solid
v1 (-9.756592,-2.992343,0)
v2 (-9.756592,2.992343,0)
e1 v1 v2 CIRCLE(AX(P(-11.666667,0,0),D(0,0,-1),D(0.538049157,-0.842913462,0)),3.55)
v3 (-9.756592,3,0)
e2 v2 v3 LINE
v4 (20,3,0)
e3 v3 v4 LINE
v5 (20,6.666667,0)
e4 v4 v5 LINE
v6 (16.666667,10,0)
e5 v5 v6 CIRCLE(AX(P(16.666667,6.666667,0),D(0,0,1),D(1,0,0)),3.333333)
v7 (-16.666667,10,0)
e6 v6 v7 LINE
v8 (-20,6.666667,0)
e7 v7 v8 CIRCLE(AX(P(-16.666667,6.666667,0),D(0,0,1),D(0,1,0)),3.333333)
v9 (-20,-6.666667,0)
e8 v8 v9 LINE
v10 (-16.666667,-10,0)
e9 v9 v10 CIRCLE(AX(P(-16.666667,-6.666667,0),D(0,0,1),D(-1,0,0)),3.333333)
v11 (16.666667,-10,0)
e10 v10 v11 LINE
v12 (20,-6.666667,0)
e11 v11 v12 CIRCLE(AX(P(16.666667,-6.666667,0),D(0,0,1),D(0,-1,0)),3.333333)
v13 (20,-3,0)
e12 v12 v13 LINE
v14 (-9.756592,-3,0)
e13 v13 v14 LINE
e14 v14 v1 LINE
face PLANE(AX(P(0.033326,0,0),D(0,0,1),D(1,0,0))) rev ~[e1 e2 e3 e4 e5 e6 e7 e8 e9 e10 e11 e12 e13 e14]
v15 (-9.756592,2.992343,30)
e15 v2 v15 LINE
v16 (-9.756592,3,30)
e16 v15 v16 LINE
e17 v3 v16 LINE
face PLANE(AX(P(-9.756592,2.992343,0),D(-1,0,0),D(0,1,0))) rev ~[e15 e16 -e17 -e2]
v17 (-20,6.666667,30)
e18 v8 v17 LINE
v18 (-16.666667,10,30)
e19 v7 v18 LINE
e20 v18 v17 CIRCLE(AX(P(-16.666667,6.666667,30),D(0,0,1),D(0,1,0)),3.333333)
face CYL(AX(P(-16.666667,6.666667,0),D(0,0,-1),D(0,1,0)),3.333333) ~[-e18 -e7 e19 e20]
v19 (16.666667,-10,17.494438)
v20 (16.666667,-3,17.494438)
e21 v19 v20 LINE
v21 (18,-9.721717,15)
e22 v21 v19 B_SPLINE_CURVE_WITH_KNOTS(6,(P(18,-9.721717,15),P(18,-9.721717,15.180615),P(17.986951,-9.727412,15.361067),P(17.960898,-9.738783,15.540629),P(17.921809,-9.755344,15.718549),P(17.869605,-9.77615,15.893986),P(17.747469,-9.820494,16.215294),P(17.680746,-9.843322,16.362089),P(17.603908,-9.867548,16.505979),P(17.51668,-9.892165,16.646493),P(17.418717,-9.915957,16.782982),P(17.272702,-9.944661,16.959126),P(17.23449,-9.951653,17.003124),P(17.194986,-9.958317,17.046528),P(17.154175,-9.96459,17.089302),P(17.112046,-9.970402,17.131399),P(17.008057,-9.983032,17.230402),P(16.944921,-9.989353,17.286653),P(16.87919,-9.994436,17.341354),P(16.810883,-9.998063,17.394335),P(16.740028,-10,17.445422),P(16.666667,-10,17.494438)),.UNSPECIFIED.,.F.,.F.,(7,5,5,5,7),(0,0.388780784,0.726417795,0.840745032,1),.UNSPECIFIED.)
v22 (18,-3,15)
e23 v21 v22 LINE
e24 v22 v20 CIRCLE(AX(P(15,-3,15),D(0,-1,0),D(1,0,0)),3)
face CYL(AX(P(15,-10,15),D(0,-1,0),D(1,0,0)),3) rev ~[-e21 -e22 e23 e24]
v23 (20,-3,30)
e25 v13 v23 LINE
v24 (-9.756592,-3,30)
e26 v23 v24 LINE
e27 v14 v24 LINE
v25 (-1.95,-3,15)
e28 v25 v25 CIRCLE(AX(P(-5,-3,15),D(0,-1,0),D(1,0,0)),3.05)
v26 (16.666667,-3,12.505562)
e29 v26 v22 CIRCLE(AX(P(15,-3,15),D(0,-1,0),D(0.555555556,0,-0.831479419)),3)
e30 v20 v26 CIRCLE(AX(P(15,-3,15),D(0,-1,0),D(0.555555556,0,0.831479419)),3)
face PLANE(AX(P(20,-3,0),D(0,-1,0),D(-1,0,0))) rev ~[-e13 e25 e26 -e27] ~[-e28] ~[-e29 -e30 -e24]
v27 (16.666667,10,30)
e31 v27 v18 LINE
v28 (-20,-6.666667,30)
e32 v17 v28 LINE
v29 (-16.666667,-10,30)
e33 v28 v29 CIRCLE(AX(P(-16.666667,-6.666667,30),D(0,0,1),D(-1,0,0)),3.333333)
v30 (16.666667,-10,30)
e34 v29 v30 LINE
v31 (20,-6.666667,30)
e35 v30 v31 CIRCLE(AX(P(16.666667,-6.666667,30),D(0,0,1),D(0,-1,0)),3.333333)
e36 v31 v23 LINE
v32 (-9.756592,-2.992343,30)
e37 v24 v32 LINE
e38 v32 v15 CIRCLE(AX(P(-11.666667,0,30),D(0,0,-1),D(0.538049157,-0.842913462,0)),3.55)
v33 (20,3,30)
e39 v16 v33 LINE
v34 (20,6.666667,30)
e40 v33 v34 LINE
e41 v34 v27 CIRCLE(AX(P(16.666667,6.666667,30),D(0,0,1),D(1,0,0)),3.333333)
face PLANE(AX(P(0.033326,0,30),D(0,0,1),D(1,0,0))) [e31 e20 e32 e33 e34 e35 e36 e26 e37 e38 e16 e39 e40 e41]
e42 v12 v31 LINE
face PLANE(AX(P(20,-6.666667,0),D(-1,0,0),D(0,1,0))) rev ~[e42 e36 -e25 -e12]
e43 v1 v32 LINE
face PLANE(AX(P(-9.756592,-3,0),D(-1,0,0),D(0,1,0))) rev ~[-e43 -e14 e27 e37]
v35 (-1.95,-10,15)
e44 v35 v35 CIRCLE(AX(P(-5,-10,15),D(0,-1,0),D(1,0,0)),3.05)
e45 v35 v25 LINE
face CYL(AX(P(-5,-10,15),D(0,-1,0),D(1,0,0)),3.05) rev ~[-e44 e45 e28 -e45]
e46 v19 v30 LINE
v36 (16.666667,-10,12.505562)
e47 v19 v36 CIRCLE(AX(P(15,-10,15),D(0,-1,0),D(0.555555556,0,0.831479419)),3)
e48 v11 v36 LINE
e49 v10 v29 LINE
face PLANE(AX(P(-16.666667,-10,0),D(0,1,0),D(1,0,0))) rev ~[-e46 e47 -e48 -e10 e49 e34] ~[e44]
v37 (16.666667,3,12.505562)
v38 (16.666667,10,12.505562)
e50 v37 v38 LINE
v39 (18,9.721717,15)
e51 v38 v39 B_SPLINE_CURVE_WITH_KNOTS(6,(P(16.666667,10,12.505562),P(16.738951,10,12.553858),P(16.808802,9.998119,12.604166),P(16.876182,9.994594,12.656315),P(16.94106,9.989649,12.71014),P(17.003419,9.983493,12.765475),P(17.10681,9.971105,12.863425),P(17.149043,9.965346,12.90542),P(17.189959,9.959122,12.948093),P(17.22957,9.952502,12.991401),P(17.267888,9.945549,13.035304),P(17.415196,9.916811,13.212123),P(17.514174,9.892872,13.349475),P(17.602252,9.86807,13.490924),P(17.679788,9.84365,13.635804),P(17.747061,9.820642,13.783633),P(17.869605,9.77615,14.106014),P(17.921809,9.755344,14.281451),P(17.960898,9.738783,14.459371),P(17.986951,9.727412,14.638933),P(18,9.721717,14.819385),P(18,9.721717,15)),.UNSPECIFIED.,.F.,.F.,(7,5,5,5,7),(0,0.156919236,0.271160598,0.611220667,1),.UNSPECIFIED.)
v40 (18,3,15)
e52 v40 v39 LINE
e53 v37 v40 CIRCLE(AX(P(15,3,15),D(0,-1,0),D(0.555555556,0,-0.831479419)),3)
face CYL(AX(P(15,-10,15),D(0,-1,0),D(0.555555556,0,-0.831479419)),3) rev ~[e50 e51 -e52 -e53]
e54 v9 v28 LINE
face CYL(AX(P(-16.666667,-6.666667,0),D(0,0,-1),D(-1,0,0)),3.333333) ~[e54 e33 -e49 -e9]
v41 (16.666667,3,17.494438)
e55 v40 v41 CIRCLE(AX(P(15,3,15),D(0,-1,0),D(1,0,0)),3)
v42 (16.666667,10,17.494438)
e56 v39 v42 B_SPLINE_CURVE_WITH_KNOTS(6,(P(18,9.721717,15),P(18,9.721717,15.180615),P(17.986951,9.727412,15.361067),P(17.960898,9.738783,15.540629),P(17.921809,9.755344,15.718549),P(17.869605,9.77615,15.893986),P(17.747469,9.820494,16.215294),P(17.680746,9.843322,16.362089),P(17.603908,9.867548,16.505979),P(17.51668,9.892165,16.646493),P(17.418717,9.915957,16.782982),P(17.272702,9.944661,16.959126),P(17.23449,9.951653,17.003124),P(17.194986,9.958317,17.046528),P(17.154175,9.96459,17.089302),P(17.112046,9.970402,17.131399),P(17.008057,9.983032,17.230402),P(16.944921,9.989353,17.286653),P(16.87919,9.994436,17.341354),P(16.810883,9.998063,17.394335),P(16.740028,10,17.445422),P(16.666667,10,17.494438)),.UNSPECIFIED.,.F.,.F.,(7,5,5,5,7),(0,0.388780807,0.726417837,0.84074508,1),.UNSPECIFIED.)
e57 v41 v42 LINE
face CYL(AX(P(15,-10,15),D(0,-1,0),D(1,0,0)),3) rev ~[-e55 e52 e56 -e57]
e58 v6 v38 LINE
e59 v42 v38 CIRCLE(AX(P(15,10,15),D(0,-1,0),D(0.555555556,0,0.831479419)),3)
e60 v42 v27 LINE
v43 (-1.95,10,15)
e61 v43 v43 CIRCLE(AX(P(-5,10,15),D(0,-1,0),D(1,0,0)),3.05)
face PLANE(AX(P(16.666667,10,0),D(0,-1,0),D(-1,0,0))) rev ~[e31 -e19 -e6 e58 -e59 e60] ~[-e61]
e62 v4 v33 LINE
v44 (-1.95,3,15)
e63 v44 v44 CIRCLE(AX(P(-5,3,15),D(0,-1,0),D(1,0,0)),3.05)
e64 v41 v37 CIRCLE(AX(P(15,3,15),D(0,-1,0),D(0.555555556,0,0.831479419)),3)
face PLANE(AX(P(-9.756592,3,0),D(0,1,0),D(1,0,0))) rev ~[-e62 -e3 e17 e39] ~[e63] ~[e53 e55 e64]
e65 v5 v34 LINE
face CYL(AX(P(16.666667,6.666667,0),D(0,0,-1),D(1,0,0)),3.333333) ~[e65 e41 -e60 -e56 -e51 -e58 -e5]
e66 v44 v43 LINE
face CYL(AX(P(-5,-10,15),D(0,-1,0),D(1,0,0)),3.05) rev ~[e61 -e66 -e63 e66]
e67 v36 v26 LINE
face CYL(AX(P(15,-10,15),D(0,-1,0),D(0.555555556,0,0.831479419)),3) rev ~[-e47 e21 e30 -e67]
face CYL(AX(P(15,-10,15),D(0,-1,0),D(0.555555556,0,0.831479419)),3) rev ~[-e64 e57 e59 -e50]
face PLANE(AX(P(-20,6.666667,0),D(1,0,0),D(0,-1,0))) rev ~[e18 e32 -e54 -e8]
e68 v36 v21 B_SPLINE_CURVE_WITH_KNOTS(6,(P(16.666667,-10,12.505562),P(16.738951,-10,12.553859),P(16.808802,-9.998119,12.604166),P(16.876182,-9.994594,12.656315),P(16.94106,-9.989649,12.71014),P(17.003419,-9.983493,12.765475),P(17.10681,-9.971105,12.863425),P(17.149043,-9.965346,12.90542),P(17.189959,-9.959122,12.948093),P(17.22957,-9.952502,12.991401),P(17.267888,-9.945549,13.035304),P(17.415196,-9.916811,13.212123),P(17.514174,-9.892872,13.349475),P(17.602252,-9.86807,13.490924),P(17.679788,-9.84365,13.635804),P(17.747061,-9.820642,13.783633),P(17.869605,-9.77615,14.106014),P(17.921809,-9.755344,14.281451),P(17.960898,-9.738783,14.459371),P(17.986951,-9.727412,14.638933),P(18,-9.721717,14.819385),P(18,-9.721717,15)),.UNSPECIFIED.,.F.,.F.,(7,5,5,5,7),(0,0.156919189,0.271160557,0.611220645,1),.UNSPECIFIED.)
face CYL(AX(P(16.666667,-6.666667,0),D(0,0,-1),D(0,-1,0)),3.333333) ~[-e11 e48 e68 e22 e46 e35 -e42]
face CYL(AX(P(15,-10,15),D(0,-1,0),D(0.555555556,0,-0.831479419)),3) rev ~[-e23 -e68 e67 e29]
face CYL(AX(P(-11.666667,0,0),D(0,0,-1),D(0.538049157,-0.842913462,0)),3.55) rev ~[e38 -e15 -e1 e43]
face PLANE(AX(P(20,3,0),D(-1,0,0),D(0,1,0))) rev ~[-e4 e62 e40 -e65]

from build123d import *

# Parameters (mm, degrees)
F1_DEPTH = 30
F2_R     = 3.05
F3_DEPTH = 30


with BuildPart() as f1:
    # F0 (on Top) → F1 (new body)
    with BuildSketch(Plane.XY):
        with BuildLine():
            Line((-20, 6.6666666667), (-20, -6.6666666667))
            ThreePointArc((-20, -6.6666666667), (-19.0236892706, -9.0236892706), (-16.6666666667, -10))
            Line((-16.6666666667, -10), (16.6666666667, -10))
            ThreePointArc((16.6666666667, -10), (19.0236892706, -9.0236892706), (20, -6.6666666667))
            Line((20, -6.6666666667), (20, -3))
            Line((20, -3), (-9.7565921577, -3))
            Line((-9.7565921577, -3), (-9.7565921577, -2.9923427896))
            ThreePointArc((-9.7565921577, -2.9923427896), (-15.2166666667, 0), (-9.7565921577, 2.9923427896))
            Line((-9.7565921577, 2.9923427896), (-9.7565921577, 3))
            Line((-9.7565921577, 3), (20, 3))
            Line((20, 3), (20, 6.6666666667))
            ThreePointArc((20, 6.6666666667), (19.0236892706, 9.0236892706), (16.6666666667, 10))
            Line((16.6666666667, 10), (-16.6666666667, 10))
            ThreePointArc((-16.6666666667, 10), (-19.0236892706, 9.0236892706), (-20, 6.6666666667))
        make_face()
    extrude(amount=F1_DEPTH)

    # F2 (on face) → F3 (cut)
    with BuildSketch(Plane.XZ.offset(10)):
        with Locations((-5, 15)):
            Circle(F2_R)
        with BuildLine():
            Line((16.6666666667, 12.5055617422), (16.6666666667, 17.4944382578))
            ThreePointArc((16.6666666667, 17.4944382578), (12, 15), (16.6666666667, 12.5055617422))
        make_face()
        with BuildLine():
            ThreePointArc((16.6666666667, 12.5055617422), (17.6457513111, 13.5857864376), (18, 15))
            ThreePointArc((18, 15), (17.6457513111, 16.4142135624), (16.6666666667, 17.4944382578))
            Line((16.6666666667, 17.4944382578), (16.6666666667, 12.5055617422))
        make_face()
    extrude(amount=-F3_DEPTH, mode=Mode.SUBTRACT)


solid = f1.part
